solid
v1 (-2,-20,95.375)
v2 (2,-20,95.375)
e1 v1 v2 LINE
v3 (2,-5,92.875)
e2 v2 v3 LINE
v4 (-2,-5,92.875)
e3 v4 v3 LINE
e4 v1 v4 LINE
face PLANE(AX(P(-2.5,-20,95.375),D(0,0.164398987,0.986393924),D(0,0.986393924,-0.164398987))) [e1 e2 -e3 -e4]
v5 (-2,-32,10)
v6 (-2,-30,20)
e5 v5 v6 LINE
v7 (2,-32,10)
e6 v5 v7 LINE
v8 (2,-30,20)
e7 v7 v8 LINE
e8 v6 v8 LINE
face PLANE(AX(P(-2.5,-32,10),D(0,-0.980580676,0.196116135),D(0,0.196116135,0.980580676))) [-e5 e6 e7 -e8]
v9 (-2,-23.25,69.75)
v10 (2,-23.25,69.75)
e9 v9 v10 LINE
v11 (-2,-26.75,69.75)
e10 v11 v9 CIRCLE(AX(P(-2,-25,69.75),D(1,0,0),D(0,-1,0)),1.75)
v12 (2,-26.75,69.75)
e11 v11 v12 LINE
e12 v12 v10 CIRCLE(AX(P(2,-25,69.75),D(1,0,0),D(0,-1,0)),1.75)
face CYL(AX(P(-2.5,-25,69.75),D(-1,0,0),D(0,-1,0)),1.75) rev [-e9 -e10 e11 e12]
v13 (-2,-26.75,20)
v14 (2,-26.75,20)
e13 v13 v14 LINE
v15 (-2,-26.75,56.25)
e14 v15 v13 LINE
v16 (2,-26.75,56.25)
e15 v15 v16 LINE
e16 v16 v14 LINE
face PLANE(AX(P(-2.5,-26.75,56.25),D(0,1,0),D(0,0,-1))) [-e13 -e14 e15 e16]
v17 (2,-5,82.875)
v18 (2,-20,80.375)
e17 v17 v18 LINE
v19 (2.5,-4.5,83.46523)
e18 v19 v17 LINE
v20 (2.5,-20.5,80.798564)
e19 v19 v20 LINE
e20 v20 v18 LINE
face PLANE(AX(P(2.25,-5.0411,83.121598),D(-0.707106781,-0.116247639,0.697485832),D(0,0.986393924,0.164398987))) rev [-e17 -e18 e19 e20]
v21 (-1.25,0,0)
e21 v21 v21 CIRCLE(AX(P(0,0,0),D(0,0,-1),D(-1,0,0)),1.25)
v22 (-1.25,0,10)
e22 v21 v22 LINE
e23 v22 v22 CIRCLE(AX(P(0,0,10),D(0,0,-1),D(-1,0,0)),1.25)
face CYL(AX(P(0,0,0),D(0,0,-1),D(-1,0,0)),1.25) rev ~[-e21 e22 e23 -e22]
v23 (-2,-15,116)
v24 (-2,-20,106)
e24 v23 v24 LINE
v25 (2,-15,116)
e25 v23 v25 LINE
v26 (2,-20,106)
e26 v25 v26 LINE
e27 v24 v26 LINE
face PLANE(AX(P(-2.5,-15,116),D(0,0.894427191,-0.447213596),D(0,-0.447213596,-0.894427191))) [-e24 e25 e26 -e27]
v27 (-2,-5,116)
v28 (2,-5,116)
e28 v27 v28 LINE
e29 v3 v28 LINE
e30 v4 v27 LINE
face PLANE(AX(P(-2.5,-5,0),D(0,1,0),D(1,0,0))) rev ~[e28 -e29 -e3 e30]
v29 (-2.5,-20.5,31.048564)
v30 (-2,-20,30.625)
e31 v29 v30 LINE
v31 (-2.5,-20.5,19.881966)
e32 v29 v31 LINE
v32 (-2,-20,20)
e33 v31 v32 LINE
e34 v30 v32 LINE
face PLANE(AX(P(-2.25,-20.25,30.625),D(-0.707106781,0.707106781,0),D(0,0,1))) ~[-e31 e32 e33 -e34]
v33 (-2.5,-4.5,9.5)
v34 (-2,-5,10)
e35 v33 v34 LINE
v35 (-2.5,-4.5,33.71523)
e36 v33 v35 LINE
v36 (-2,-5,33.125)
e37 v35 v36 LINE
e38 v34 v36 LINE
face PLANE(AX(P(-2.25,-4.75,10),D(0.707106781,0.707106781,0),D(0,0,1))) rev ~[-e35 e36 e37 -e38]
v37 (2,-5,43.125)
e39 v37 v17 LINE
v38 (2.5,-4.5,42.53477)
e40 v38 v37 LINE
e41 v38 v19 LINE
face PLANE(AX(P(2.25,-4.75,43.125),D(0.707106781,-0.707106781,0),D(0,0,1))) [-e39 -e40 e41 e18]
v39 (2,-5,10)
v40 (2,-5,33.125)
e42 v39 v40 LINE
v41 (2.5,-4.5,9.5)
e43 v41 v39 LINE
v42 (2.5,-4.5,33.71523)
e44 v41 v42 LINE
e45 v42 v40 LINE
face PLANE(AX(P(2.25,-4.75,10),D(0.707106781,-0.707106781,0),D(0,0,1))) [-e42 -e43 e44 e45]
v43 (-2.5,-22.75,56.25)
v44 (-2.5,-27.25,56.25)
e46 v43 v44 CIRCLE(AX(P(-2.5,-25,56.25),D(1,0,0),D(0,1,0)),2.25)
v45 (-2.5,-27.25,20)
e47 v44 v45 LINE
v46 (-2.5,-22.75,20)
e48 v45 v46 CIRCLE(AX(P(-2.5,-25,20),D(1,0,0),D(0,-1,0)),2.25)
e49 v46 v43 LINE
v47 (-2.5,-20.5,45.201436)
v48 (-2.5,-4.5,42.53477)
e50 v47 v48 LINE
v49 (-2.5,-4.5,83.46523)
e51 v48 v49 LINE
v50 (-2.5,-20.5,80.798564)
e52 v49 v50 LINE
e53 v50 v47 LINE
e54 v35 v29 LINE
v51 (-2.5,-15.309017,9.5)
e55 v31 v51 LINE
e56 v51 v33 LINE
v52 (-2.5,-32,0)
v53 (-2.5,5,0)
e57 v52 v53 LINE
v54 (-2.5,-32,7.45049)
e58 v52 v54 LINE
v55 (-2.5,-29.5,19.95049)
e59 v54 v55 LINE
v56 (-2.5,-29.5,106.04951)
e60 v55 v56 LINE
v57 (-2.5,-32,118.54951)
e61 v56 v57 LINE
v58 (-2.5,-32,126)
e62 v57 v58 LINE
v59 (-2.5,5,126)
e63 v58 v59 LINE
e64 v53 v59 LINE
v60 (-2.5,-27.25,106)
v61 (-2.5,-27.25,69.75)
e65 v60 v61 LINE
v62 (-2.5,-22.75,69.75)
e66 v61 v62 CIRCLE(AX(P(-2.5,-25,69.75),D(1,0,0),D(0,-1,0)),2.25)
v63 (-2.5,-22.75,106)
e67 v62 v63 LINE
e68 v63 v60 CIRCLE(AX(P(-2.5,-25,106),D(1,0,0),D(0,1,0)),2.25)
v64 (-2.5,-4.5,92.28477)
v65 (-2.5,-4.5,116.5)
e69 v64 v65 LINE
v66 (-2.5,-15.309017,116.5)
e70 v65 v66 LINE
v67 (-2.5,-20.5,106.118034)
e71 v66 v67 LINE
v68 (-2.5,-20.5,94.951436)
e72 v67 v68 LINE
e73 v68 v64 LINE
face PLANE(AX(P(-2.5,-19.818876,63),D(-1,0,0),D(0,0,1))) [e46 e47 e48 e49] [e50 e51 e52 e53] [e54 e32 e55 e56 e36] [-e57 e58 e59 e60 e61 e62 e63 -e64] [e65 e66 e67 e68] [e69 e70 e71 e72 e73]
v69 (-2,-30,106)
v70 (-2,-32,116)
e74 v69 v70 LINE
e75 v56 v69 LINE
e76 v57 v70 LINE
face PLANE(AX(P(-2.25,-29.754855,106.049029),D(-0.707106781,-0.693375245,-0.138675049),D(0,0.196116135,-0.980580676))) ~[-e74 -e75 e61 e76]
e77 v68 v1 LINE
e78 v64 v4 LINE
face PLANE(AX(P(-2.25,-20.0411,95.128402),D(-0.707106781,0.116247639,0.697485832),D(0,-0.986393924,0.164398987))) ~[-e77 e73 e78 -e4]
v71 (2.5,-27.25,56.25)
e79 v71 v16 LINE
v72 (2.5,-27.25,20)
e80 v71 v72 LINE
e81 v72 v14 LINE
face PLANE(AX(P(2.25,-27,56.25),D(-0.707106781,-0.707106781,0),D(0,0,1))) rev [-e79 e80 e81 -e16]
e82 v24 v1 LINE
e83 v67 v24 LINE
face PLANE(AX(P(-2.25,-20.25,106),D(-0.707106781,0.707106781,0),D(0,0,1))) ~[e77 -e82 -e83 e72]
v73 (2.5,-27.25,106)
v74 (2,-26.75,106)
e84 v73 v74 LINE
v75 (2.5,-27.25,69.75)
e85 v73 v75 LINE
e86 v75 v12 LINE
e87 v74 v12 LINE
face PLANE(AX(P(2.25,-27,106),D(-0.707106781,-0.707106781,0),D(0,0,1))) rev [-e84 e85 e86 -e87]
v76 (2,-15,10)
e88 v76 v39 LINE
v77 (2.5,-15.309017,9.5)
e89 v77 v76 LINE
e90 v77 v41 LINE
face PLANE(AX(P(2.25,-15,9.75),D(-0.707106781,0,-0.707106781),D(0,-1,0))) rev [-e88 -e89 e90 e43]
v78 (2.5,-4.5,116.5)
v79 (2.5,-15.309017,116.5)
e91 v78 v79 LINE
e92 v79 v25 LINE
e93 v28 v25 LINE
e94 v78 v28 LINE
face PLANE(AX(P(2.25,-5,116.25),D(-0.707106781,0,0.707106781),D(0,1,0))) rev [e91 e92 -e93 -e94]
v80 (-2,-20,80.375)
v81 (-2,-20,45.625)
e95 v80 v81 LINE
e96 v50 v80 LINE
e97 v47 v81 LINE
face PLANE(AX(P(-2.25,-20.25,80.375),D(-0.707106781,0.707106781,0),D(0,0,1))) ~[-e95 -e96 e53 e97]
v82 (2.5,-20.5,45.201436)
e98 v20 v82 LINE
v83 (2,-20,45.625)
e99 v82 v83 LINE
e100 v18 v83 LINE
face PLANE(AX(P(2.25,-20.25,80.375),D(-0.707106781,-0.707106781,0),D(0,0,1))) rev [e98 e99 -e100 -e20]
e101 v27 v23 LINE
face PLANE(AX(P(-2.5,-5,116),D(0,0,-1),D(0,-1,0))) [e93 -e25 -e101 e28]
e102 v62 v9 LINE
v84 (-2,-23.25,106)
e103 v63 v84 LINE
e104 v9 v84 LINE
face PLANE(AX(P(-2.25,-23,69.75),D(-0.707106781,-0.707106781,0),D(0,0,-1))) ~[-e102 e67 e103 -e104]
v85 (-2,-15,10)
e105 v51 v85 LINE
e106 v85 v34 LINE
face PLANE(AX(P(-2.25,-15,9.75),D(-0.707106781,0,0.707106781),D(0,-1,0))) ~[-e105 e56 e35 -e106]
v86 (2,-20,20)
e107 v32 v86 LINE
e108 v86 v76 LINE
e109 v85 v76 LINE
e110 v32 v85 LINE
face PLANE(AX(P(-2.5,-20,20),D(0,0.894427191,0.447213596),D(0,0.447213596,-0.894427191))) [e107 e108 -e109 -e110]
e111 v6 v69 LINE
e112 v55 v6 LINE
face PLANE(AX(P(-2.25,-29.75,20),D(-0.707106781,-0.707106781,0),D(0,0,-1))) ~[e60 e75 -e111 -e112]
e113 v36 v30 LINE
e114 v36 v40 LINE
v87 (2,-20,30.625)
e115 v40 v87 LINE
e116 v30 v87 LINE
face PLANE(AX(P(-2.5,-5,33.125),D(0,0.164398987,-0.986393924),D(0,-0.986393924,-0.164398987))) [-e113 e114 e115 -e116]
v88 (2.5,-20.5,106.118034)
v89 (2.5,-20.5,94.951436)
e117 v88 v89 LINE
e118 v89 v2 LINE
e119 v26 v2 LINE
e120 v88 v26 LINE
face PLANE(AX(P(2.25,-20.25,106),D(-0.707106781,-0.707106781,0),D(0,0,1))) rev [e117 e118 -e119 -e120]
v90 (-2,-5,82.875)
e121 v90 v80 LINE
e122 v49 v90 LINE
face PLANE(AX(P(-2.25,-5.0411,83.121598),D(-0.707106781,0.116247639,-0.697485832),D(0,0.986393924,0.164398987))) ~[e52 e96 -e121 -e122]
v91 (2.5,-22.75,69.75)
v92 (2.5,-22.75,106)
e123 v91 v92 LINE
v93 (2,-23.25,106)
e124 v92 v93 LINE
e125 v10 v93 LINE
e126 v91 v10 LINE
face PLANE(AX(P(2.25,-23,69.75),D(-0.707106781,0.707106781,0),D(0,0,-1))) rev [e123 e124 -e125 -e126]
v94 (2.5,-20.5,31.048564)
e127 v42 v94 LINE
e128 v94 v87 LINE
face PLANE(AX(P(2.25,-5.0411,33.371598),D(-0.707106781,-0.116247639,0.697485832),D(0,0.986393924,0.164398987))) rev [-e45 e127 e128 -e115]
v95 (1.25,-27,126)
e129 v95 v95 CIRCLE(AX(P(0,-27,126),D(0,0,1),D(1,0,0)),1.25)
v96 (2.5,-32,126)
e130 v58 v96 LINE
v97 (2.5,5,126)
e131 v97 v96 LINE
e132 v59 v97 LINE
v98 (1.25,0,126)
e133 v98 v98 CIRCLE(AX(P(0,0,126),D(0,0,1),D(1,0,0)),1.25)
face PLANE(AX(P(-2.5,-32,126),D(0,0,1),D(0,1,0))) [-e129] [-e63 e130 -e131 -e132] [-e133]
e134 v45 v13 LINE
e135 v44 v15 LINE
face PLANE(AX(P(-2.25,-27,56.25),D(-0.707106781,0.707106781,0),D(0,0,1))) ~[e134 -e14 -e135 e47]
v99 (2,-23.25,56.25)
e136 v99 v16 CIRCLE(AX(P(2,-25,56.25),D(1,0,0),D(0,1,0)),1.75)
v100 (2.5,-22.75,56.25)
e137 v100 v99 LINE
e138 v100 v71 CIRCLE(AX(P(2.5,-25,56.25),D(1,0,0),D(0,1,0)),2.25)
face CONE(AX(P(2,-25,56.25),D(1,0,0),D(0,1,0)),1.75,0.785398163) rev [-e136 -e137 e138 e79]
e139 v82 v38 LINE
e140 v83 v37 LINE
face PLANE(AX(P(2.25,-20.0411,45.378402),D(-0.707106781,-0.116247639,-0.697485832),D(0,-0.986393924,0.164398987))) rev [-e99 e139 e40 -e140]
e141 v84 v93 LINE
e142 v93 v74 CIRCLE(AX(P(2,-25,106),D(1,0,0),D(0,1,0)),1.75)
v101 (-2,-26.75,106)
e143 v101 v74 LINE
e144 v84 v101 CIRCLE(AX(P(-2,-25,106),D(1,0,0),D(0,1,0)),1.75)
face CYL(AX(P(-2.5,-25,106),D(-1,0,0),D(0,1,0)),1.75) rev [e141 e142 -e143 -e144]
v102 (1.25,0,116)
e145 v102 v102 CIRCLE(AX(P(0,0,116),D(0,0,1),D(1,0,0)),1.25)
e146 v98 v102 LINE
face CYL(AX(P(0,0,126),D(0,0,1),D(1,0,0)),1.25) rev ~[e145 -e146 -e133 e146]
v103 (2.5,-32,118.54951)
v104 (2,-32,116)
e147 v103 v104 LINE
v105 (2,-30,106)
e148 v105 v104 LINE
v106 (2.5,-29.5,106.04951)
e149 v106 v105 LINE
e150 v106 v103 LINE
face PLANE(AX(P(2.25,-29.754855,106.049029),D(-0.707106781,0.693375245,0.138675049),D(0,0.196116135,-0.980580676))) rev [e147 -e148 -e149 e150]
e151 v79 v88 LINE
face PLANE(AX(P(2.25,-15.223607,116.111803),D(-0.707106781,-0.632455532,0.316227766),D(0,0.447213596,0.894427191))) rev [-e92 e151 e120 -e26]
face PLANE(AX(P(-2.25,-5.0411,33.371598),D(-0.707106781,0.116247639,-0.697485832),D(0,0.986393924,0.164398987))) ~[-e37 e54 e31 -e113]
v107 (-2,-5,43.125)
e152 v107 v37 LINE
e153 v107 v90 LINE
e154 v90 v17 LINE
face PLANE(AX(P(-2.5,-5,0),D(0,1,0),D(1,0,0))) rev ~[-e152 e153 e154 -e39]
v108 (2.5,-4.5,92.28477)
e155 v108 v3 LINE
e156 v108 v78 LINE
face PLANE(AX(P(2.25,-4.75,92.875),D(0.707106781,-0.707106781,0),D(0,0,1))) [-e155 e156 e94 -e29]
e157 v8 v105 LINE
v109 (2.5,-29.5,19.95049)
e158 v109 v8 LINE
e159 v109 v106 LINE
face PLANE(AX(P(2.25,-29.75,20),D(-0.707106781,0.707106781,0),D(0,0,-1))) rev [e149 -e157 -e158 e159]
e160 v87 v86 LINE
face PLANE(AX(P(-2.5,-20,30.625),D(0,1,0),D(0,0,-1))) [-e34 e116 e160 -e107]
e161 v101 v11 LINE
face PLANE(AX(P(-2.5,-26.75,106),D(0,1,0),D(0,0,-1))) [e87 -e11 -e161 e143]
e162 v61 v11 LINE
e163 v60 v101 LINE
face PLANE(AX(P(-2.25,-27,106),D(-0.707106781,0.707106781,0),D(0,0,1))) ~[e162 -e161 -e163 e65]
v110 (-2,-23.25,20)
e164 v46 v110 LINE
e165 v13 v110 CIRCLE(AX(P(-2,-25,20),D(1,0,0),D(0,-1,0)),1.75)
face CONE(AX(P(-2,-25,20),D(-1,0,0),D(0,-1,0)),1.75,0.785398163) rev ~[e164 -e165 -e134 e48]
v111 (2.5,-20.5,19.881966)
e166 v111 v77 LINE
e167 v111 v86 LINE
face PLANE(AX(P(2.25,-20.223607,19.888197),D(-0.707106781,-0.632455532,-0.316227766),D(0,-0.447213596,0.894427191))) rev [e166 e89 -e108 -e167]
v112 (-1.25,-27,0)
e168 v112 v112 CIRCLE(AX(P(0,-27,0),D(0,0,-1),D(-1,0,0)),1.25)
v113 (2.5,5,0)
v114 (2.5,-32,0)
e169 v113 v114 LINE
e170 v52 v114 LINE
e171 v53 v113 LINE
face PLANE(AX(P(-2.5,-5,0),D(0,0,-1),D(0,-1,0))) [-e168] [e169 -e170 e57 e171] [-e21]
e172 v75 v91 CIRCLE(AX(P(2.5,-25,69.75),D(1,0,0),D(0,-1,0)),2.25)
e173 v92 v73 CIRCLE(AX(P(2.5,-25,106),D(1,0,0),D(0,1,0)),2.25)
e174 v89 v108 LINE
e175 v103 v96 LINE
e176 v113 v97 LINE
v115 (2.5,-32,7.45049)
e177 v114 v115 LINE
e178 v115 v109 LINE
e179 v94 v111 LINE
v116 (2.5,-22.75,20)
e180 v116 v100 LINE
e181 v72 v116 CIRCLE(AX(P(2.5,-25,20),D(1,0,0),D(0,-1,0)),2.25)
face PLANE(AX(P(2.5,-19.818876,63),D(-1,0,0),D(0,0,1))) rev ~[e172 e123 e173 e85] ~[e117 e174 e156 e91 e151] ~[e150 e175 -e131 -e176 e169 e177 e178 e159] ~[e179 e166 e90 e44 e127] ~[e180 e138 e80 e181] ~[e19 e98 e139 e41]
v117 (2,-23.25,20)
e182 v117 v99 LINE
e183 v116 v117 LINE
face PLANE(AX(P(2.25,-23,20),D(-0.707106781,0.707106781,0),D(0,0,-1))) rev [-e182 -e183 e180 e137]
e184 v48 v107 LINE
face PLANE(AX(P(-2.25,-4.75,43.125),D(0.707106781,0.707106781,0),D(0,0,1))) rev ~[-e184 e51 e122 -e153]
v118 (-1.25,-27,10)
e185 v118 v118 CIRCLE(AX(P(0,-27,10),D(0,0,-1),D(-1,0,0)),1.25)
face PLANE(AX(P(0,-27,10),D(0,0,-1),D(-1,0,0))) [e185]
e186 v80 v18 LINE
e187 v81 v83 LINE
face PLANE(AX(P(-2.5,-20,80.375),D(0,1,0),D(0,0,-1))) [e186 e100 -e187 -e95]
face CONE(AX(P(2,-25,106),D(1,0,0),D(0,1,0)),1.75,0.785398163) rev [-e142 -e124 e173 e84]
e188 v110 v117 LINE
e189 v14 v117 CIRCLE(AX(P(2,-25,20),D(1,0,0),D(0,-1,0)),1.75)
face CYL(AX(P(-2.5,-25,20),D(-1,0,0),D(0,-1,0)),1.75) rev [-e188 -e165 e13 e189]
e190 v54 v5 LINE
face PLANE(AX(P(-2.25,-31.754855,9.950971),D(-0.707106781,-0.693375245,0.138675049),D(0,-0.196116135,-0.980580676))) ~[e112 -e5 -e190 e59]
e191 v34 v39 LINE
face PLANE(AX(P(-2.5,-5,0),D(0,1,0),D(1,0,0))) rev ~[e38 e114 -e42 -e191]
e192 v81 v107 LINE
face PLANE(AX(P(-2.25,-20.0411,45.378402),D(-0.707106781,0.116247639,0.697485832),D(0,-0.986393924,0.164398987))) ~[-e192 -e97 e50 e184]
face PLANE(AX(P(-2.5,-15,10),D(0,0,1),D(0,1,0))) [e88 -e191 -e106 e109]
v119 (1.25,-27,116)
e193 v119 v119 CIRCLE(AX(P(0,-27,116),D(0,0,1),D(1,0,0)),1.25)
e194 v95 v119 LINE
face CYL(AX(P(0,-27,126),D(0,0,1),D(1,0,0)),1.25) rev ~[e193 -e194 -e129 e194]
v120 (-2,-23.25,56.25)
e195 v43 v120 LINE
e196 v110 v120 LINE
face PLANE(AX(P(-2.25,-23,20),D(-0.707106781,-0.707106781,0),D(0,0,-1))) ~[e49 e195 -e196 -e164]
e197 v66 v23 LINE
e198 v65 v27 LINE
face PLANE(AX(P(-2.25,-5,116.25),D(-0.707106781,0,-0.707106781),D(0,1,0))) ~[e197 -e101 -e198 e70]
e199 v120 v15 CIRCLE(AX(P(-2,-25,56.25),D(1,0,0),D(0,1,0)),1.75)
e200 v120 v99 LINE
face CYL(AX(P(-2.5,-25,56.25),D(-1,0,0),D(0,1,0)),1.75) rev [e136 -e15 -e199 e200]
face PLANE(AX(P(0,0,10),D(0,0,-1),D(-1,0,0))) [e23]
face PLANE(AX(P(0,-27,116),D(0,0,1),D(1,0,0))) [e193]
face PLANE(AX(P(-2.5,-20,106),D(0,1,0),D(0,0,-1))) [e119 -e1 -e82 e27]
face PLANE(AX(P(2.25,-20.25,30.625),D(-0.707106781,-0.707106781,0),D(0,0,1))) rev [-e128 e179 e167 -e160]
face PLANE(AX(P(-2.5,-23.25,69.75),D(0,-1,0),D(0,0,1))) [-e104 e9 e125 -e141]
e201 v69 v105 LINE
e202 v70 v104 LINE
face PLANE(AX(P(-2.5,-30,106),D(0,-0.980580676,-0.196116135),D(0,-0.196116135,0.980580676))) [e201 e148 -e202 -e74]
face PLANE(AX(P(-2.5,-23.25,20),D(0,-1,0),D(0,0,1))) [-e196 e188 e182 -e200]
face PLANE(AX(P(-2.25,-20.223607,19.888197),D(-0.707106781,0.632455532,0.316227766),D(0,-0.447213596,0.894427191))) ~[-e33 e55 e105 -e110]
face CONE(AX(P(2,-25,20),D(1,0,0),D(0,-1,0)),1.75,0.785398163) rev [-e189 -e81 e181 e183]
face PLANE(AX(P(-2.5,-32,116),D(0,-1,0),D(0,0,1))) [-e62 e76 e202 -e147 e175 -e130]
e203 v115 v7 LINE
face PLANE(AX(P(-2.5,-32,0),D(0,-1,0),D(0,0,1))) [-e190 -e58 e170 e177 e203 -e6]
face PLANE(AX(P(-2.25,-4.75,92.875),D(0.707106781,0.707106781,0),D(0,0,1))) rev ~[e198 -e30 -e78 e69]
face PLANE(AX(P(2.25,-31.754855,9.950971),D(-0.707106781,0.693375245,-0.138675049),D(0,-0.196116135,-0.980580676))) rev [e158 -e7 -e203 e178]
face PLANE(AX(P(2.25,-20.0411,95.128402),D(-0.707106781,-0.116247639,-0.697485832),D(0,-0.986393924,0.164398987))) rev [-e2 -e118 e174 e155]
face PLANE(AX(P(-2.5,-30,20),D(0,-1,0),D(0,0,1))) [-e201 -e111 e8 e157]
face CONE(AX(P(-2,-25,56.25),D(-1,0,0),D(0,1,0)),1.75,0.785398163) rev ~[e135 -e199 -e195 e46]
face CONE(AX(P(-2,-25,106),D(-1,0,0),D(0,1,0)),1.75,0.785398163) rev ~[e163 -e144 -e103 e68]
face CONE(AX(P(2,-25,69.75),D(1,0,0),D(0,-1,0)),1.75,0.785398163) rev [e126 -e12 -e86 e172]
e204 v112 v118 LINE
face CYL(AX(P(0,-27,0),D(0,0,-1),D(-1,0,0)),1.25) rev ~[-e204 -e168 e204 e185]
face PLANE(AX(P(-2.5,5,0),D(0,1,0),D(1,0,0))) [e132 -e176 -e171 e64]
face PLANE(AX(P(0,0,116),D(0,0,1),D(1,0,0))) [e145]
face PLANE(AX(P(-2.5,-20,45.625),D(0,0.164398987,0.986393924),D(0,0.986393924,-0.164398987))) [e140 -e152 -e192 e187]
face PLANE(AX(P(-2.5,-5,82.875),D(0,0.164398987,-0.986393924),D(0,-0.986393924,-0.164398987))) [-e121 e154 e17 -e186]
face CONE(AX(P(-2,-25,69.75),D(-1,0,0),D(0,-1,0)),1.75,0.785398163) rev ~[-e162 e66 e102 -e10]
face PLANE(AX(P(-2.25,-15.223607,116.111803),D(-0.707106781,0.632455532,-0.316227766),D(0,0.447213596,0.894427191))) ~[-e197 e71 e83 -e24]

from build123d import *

# Parameters (mm, degrees)
CROQUIS1_W              = 5
CROQUIS1_H              = 10
SALIENTE_EXTRUIR1_DEPTH = 126
SALIENTE_EXTRUIR2_DEPTH = 5
CROQUIS2_R              = 1.25
CORTAR_EXTRUIR1_DEPTH   = 10
CROQUIS3_R              = 1.25
CORTAR_EXTRUIR2_DEPTH   = 10
CHAFL_N1_SIZE           = 0.5


with BuildPart() as part:
    # Croquis1 → Saliente-Extruir1 (new body)
    with BuildSketch(Plane.XY):
        Rectangle(CROQUIS1_W, CROQUIS1_H)
    extrude(amount=SALIENTE_EXTRUIR1_DEPTH)

    # Croquis4 → Saliente-Extruir2 (add)
    with BuildSketch(Plane.ZY.offset(2.5)):
        Polygon((0, -5), (0, -32), (10, -32), (20, -30), (106, -30), (116, -32), (126, -32), (126, -5), (116, -5), (116, -15), (106, -20), (95.375, -20), (92.875, -5), (82.875, -5), (80.375, -20), (45.625, -20), (43.125, -5), (33.125, -5), (30.625, -20), (20, -20), (10, -15), (10, -5), align=None)
        with BuildLine():
            Line((20, -23.25), (56.25, -23.25))
            ThreePointArc((56.25, -23.25), (58, -25), (56.25, -26.75))
            Line((56.25, -26.75), (20, -26.75))
            ThreePointArc((20, -26.75), (18.25, -25), (20, -23.25))
        make_face(mode=Mode.SUBTRACT)
        with BuildLine():
            Line((69.75, -23.25), (106, -23.25))
            ThreePointArc((106, -23.25), (107.75, -25), (106, -26.75))
            Line((106, -26.75), (69.75, -26.75))
            ThreePointArc((69.75, -26.75), (68, -25), (69.75, -23.25))
        make_face(mode=Mode.SUBTRACT)
    extrude(amount=-SALIENTE_EXTRUIR2_DEPTH)

    # Croquis2 → Cortar-Extruir1 (cut)
    with BuildSketch(Plane.XY.offset(126)):
        Circle(CROQUIS2_R)
        with Locations((0, -27)):
            Circle(CROQUIS2_R)
    extrude(amount=-CORTAR_EXTRUIR1_DEPTH, mode=Mode.SUBTRACT)

    # Croquis3 → Cortar-Extruir2 (cut)
    with BuildSketch(Plane(origin=(0, 0, 0), x_dir=(-1, 0, 0), z_dir=(0, 0, -1))):
        Circle(CROQUIS3_R)
        with Locations((0, -27)):
            Circle(CROQUIS3_R)
    extrude(amount=-CORTAR_EXTRUIR2_DEPTH, mode=Mode.SUBTRACT)

    # Chaflán1
    chafl_n1_edges = [part.edges().sort_by_distance(p)[0] for p in [
        (2.5, -5, 104.4375),
        (2.5, -5, 63),
        (2.5, -5, 21.5625),
        (-2.5, -5, 104.4375),
        (-2.5, -5, 63),
        (-2.5, -5, 21.5625),
        (2.5, -10, 10),
        (2.5, -17.5, 15),
        (2.5, -20, 25.3125),
        (2.5, -12.5, 31.875),
        (2.5, -12.5, 44.375),
        (2.5, -20, 63),
        (2.5, -12.5, 81.625),
        (2.5, -12.5, 94.125),
        (2.5, -20, 100.6875),
        (2.5, -17.5, 111),
        (2.5, -10, 116),
        (2.5, -31, 111),
        (2.5, -30, 63),
        (2.5, -31, 15),
        (2.5, -25, 18.25),
        (2.5, -26.75, 38.125),
        (2.5, -25, 58),
        (2.5, -23.25, 38.125),
        (2.5, -25, 68),
        (2.5, -26.75, 87.875),
        (2.5, -25, 107.75),
        (2.5, -23.25, 87.875),
        (-2.5, -31, 15),
        (-2.5, -30, 63),
        (-2.5, -31, 111),
        (-2.5, -10, 116),
        (-2.5, -17.5, 111),
        (-2.5, -20, 100.6875),
        (-2.5, -12.5, 94.125),
        (-2.5, -12.5, 81.625),
        (-2.5, -20, 63),
        (-2.5, -12.5, 44.375),
        (-2.5, -12.5, 31.875),
        (-2.5, -20, 25.3125),
        (-2.5, -17.5, 15),
        (-2.5, -10, 10),
        (-2.5, -25, 68),
        (-2.5, -23.25, 87.875),
        (-2.5, -25, 107.75),
        (-2.5, -26.75, 87.875),
        (-2.5, -25, 18.25),
        (-2.5, -23.25, 38.125),
        (-2.5, -25, 58),
        (-2.5, -26.75, 38.125),
    ]]
    chamfer(chafl_n1_edges, length=CHAFL_N1_SIZE)


solid = part.part
